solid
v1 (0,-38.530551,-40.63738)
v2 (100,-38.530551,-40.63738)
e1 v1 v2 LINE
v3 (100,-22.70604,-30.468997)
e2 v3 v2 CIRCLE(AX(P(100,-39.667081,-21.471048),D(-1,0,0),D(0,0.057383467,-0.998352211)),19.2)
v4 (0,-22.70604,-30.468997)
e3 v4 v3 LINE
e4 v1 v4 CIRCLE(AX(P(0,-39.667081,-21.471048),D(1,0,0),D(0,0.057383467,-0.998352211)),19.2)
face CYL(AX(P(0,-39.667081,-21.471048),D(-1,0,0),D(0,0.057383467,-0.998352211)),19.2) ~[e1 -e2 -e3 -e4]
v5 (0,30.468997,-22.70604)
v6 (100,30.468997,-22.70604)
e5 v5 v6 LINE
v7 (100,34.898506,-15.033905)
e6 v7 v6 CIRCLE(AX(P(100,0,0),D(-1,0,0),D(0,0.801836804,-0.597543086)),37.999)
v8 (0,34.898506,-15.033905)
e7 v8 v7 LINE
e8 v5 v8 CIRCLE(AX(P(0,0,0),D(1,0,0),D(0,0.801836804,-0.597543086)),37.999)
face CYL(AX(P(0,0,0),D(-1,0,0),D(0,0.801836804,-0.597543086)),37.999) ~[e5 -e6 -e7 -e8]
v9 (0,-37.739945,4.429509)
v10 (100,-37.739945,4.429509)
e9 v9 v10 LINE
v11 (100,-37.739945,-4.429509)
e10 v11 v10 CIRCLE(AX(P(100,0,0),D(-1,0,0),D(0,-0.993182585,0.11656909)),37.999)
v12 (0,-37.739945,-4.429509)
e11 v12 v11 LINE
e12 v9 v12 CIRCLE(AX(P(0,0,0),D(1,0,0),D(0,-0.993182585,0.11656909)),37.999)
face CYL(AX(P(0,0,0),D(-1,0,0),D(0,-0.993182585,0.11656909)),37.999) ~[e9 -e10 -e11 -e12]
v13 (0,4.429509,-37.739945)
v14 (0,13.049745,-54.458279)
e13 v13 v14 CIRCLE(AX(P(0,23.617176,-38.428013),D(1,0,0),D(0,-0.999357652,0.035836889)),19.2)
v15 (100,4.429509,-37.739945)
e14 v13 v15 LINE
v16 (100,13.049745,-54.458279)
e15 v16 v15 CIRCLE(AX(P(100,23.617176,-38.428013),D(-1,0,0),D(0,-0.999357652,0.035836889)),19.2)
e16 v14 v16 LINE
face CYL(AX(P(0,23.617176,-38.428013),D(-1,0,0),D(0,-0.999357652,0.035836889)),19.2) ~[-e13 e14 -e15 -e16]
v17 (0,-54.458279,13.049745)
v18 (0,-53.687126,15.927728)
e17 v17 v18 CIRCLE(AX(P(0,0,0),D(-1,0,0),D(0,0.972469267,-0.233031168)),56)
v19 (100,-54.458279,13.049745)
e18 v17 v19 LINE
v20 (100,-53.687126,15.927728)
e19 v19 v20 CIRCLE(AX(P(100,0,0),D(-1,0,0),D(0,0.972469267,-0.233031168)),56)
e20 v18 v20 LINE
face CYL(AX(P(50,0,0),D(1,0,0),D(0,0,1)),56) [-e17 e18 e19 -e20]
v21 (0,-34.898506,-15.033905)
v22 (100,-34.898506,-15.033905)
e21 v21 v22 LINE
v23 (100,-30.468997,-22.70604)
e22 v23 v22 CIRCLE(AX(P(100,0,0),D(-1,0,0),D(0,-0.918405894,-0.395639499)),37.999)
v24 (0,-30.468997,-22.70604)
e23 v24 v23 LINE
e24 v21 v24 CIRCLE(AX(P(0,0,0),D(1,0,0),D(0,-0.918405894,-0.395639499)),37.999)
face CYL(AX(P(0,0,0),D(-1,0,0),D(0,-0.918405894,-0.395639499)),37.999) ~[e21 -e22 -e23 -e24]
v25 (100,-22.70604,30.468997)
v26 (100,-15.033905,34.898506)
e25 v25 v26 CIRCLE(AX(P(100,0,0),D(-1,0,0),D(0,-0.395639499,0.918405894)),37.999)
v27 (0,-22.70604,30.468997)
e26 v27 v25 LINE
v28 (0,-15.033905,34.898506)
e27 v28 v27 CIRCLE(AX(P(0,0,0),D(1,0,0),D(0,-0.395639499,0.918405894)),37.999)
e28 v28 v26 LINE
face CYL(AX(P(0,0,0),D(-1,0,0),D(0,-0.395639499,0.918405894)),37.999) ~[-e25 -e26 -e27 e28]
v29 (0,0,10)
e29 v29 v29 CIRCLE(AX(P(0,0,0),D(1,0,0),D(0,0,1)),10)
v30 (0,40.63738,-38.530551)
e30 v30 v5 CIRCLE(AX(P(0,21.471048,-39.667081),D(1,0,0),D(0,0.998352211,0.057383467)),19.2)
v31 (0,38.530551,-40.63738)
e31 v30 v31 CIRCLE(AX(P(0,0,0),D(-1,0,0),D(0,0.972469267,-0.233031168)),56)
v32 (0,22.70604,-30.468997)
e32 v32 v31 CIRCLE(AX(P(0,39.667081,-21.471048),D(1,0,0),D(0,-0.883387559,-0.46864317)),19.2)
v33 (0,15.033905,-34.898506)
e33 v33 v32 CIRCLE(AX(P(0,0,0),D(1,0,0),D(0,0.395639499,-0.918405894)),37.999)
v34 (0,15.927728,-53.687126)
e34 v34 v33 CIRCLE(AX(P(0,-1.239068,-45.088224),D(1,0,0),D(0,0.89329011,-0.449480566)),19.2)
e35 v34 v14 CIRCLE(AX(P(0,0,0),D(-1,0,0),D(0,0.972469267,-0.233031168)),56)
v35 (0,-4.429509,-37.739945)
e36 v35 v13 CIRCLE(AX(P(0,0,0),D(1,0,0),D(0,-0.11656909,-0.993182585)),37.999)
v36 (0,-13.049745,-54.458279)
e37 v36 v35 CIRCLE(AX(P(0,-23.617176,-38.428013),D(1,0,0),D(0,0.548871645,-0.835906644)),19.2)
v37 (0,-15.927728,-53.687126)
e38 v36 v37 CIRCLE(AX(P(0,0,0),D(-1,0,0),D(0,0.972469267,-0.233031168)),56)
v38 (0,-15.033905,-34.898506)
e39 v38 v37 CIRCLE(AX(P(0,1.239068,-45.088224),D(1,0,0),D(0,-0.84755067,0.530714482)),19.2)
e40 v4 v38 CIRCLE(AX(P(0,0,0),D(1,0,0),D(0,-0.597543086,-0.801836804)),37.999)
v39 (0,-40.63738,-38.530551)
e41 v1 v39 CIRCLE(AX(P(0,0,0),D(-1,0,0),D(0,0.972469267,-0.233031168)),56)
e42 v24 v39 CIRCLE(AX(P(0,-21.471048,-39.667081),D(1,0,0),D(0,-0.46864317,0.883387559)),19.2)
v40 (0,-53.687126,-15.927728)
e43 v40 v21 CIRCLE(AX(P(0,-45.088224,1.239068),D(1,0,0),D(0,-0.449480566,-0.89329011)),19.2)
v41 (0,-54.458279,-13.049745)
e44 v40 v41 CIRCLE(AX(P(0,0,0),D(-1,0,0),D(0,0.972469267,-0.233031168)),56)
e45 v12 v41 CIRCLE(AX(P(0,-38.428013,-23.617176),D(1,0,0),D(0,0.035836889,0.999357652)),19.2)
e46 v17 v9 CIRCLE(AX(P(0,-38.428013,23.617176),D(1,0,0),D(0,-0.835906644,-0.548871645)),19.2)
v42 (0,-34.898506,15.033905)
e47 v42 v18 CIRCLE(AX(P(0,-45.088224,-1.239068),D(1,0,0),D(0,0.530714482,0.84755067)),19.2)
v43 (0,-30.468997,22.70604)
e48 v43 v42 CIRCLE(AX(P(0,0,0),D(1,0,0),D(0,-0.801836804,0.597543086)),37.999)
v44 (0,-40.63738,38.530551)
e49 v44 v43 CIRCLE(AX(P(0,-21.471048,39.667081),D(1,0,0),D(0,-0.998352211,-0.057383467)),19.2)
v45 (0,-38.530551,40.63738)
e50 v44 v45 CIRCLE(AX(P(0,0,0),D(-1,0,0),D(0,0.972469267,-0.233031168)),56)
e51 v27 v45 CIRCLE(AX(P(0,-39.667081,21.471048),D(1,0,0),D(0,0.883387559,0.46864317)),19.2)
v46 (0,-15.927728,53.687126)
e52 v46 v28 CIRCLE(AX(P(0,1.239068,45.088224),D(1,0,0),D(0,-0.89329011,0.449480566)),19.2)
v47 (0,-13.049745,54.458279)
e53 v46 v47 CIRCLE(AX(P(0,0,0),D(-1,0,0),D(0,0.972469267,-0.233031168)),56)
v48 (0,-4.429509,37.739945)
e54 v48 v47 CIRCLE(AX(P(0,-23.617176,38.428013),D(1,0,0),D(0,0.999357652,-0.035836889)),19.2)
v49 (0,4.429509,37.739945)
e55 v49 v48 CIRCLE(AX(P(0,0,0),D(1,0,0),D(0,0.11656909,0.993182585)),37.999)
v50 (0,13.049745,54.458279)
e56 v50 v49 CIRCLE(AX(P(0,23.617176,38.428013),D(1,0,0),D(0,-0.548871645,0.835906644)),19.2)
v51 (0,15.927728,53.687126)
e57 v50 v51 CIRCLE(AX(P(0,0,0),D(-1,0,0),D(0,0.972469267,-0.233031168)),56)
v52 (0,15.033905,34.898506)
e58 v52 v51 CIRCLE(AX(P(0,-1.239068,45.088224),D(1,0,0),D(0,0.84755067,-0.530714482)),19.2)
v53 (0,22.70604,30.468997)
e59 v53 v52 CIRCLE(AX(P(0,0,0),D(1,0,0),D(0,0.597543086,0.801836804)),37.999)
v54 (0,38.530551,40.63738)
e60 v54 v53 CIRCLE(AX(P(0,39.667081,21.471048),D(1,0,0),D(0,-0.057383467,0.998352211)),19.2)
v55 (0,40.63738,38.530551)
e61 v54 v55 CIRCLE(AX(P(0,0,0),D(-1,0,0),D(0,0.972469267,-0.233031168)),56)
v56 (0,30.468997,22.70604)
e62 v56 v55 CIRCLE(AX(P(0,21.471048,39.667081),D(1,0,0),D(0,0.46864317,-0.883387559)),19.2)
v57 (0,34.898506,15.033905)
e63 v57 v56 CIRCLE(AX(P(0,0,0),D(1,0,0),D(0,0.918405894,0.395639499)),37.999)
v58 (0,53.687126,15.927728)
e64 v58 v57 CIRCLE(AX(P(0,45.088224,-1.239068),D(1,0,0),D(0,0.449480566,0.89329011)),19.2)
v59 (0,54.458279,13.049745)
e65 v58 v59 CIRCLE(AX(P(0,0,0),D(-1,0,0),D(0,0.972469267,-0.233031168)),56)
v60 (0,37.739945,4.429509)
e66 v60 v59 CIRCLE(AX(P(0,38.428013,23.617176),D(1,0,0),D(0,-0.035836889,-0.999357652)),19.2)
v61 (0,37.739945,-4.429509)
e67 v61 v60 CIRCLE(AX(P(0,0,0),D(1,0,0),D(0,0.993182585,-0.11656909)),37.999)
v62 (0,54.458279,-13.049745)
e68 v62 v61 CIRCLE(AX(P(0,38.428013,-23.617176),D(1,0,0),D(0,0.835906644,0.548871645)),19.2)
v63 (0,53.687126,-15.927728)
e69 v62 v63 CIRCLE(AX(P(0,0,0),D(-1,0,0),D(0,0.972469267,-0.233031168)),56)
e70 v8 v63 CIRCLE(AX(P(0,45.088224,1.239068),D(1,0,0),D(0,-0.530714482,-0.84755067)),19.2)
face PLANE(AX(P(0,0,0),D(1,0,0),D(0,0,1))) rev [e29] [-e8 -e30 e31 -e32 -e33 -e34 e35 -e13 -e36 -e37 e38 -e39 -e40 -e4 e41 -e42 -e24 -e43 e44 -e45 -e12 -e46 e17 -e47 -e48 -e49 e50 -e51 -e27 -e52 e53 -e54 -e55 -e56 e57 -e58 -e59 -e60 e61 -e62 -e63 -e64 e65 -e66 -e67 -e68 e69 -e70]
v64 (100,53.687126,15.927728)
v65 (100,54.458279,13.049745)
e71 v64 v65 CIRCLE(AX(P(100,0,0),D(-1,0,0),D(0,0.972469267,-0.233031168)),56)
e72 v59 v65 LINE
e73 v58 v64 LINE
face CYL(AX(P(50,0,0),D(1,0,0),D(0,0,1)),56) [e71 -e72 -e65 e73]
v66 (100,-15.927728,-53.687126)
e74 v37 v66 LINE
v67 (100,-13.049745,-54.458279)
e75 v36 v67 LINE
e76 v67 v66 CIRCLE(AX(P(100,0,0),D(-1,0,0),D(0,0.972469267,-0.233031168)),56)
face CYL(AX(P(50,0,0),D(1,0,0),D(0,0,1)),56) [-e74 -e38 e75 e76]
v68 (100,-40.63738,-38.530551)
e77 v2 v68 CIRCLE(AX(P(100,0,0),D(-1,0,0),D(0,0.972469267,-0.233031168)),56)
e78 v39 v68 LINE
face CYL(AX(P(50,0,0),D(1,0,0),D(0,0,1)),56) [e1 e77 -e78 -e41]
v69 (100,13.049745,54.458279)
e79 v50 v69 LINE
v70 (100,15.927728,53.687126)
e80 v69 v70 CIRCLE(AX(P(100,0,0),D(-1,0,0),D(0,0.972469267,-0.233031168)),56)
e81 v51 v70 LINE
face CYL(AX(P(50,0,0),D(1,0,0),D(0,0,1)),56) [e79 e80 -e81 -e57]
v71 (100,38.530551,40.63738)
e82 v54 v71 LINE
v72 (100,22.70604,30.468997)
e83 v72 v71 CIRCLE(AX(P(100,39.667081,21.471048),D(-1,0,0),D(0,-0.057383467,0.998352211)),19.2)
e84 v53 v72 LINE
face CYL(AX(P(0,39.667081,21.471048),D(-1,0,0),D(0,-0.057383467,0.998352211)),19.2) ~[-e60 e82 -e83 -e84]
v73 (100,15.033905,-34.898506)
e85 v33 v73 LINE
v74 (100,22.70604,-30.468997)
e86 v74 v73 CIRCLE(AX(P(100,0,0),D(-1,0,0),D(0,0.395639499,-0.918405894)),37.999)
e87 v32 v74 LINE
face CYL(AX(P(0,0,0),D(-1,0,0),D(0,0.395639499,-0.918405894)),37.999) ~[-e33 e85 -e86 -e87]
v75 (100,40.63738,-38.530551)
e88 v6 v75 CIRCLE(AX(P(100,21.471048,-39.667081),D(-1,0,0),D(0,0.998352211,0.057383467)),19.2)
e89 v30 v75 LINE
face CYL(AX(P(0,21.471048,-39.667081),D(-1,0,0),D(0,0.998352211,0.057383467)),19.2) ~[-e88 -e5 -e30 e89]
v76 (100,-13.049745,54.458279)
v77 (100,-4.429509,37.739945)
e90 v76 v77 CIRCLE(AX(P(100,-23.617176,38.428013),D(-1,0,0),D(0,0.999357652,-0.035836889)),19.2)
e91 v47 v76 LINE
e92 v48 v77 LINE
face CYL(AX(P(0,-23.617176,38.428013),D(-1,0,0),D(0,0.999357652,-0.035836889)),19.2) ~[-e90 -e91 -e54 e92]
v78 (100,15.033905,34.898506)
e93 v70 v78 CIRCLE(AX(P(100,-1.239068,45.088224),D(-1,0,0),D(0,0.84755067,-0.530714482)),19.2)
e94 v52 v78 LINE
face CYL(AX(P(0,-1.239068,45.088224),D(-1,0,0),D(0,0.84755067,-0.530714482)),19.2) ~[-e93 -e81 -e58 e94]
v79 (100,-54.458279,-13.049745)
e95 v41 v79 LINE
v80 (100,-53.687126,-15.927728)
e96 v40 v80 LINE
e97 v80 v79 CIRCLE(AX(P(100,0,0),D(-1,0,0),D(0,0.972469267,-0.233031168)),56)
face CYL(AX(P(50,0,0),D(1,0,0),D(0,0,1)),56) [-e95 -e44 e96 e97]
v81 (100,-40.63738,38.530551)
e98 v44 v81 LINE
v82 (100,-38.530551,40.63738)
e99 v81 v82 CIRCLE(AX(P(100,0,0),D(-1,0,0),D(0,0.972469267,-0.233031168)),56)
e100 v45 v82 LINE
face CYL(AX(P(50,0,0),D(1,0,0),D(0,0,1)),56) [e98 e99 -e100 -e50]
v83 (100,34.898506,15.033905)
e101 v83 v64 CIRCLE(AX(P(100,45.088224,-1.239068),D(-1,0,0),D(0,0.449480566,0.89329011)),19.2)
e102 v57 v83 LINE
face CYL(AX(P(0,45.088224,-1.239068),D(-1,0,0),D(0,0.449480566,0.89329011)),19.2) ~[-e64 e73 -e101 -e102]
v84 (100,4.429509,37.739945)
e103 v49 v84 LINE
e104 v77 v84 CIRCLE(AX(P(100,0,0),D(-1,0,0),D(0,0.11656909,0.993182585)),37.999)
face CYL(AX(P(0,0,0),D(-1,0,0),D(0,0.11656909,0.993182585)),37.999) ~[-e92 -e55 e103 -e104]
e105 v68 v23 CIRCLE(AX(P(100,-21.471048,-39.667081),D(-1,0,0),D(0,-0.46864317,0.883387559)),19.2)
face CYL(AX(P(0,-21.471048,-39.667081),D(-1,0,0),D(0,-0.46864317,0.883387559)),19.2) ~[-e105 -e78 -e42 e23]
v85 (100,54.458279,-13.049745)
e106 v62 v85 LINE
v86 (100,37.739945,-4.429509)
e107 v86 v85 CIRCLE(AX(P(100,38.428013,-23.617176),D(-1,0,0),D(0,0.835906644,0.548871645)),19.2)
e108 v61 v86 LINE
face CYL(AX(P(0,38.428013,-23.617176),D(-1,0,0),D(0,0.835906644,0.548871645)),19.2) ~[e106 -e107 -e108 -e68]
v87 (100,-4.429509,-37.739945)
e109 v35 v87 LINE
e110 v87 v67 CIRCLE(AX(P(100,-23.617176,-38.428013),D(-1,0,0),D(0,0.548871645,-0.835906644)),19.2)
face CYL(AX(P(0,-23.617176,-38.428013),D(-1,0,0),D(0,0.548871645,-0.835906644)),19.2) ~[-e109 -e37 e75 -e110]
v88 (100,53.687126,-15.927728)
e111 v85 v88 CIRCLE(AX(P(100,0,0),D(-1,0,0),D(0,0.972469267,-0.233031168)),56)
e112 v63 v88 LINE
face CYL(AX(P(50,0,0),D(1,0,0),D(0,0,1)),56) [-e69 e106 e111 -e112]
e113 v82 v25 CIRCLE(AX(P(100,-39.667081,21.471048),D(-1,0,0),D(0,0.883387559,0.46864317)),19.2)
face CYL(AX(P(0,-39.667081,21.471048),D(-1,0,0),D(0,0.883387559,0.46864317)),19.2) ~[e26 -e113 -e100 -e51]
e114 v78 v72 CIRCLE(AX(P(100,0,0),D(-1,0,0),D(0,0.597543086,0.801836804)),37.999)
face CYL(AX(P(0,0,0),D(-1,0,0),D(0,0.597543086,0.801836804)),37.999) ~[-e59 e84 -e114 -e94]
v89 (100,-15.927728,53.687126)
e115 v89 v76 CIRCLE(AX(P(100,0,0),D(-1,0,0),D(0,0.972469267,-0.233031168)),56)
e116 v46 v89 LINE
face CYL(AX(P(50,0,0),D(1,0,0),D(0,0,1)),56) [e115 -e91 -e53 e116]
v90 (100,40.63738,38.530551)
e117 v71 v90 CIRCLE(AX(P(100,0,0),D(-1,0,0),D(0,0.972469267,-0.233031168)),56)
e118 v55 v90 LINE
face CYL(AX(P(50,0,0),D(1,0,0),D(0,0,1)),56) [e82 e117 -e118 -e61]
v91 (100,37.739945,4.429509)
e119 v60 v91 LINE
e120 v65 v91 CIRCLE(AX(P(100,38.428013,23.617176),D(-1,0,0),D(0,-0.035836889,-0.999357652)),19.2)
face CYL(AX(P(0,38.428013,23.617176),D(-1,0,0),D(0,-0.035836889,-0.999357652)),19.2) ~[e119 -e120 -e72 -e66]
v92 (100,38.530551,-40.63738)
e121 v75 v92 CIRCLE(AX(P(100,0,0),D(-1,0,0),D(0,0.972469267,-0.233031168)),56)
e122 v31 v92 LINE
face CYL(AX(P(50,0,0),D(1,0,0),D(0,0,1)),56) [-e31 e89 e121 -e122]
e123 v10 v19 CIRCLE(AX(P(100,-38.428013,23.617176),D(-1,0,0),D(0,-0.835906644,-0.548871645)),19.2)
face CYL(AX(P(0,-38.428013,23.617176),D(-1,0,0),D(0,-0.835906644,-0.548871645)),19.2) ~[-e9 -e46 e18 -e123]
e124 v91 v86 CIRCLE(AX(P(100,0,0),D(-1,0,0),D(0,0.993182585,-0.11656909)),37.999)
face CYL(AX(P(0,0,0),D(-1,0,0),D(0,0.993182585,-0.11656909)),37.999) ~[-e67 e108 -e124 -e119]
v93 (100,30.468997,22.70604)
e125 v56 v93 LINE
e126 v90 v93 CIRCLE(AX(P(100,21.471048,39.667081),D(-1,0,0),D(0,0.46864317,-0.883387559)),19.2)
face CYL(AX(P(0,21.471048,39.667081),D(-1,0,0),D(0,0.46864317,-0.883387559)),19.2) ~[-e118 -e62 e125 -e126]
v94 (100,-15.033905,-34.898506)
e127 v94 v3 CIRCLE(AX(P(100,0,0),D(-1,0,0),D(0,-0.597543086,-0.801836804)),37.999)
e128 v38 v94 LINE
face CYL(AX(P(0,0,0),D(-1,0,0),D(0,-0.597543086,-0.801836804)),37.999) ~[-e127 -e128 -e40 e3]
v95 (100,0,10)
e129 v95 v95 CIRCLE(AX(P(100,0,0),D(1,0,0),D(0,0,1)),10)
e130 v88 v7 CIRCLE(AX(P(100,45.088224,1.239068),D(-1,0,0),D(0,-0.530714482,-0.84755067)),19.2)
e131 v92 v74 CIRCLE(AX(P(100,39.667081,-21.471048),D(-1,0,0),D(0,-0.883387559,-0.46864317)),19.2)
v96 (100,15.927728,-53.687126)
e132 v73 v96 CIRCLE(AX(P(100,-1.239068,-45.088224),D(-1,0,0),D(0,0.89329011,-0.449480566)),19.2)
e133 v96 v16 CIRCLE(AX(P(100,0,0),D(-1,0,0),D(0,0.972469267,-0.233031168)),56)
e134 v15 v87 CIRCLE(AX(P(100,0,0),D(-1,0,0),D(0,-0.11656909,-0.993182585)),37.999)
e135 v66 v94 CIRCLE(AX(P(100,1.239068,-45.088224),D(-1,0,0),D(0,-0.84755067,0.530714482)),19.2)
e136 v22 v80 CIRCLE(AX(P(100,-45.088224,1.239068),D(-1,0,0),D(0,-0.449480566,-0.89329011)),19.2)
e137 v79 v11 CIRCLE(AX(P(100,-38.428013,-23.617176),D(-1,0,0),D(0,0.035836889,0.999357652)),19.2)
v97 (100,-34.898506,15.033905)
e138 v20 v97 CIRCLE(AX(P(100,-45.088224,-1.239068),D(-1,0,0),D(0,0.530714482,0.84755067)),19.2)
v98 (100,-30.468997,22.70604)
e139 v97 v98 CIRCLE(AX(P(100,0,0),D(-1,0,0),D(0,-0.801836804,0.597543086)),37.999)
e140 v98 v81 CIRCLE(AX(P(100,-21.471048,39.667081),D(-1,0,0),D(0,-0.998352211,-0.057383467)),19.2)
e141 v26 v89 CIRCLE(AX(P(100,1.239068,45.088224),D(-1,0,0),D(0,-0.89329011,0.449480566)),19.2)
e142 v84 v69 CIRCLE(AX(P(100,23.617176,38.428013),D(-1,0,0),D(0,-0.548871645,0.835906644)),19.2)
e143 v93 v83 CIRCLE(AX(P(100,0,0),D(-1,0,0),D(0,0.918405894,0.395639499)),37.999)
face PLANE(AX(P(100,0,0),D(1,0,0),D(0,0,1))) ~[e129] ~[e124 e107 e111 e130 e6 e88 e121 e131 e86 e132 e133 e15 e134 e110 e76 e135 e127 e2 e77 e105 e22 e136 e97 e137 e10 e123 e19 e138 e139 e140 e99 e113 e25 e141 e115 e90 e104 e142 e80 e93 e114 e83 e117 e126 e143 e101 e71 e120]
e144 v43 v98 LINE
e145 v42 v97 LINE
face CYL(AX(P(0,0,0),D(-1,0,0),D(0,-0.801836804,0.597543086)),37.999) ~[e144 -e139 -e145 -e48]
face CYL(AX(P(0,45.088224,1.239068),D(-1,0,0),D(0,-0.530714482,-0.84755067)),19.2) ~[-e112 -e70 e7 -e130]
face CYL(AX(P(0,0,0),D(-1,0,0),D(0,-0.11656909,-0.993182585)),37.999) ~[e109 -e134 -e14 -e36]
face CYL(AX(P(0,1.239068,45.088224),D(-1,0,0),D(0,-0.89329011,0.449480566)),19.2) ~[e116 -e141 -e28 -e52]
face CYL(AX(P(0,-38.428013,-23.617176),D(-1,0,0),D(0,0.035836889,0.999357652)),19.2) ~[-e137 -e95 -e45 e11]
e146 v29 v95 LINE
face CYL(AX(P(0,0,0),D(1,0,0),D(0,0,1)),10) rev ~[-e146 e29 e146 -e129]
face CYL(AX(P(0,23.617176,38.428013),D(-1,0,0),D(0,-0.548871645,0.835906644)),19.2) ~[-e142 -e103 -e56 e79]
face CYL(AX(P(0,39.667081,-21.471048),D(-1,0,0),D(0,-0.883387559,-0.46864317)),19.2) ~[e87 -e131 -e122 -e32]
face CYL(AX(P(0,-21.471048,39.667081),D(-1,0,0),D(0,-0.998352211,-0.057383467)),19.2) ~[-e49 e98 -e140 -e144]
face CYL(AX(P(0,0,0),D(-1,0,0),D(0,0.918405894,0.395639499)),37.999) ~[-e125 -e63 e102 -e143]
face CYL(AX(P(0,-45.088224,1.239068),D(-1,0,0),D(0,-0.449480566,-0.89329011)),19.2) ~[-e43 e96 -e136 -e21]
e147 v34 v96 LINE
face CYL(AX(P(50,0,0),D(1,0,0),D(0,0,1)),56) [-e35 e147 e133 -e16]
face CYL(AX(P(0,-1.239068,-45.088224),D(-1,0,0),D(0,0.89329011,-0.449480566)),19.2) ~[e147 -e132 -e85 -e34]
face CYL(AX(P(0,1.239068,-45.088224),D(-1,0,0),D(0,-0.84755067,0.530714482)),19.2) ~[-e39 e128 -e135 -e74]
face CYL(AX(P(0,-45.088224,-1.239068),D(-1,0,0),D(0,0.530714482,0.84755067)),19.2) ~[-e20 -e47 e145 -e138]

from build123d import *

# Parameters (mm, degrees)
BASPROSKE_W     = 100
BASPROSKE_H     = 56
TOOTHCUT_DEPTH  = 128.561749753
TEETHCUTS_COUNT = 12
BORSKE_R        = 10
BORE_DEPTH      = 100.0000508


with BuildPart() as part:
    # BasProSke → Base-Revolve (revolve)
    with BuildSketch(Plane(origin=(0, 0, 0), x_dir=(1, 0, 0), z_dir=(0, 1, 0)), mode=Mode.PRIVATE) as base_revolve_sk:
        with Locations((50, 28)):
            Rectangle(BASPROSKE_W, BASPROSKE_H)
    revolve(base_revolve_sk.sketch.rotate(Axis((-10, 0, 0), (1, 0, 0)), 180), axis=Axis((-10, 0, 0), (1, 0, 0)))

    # TooCutSke → ToothCut (cut, through all)
    with BuildSketch(Plane(origin=(0, 0, 0), x_dir=(0, 0, -1), z_dir=(1, 0, 0))):
        with BuildLine():
            ThreePointArc((4.429508858, 37.739945049), (0, 37.999), (-4.429508858, 37.739945049))
            ThreePointArc((-4.429508858, 37.739945049), (-6.560078122, 47.242513828), (-13.078840191, 54.477420868))
            ThreePointArc((-13.078840191, 54.477420868), (0, 56.0254), (13.078840191, 54.477420868))
            ThreePointArc((13.078840191, 54.477420868), (6.560078122, 47.242513828), (4.429508858, 37.739945049))
        make_face()
    toothcut = extrude(amount=TOOTHCUT_DEPTH, mode=Mode.SUBTRACT)

    # TeethCuts: ToothCut ×12 about axis
    teethcuts_axis = Axis((0, 0, 0), (1, 0, 0))
    for i in range(1, TEETHCUTS_COUNT):
        add(toothcut.rotate(teethcuts_axis, i * 360 / TEETHCUTS_COUNT), mode=Mode.SUBTRACT)

    # BorSke → Bore (cut, symmetric)
    with BuildSketch(Plane(origin=(0, 0, 0), x_dir=(0, 0, -1), z_dir=(1, 0, 0))):
        with Locations(Location((0, 0, 0), (0, 0, 180))):
            Circle(BORSKE_R)
    extrude(amount=BORE_DEPTH, both=True, mode=Mode.SUBTRACT)


solid = part.part
